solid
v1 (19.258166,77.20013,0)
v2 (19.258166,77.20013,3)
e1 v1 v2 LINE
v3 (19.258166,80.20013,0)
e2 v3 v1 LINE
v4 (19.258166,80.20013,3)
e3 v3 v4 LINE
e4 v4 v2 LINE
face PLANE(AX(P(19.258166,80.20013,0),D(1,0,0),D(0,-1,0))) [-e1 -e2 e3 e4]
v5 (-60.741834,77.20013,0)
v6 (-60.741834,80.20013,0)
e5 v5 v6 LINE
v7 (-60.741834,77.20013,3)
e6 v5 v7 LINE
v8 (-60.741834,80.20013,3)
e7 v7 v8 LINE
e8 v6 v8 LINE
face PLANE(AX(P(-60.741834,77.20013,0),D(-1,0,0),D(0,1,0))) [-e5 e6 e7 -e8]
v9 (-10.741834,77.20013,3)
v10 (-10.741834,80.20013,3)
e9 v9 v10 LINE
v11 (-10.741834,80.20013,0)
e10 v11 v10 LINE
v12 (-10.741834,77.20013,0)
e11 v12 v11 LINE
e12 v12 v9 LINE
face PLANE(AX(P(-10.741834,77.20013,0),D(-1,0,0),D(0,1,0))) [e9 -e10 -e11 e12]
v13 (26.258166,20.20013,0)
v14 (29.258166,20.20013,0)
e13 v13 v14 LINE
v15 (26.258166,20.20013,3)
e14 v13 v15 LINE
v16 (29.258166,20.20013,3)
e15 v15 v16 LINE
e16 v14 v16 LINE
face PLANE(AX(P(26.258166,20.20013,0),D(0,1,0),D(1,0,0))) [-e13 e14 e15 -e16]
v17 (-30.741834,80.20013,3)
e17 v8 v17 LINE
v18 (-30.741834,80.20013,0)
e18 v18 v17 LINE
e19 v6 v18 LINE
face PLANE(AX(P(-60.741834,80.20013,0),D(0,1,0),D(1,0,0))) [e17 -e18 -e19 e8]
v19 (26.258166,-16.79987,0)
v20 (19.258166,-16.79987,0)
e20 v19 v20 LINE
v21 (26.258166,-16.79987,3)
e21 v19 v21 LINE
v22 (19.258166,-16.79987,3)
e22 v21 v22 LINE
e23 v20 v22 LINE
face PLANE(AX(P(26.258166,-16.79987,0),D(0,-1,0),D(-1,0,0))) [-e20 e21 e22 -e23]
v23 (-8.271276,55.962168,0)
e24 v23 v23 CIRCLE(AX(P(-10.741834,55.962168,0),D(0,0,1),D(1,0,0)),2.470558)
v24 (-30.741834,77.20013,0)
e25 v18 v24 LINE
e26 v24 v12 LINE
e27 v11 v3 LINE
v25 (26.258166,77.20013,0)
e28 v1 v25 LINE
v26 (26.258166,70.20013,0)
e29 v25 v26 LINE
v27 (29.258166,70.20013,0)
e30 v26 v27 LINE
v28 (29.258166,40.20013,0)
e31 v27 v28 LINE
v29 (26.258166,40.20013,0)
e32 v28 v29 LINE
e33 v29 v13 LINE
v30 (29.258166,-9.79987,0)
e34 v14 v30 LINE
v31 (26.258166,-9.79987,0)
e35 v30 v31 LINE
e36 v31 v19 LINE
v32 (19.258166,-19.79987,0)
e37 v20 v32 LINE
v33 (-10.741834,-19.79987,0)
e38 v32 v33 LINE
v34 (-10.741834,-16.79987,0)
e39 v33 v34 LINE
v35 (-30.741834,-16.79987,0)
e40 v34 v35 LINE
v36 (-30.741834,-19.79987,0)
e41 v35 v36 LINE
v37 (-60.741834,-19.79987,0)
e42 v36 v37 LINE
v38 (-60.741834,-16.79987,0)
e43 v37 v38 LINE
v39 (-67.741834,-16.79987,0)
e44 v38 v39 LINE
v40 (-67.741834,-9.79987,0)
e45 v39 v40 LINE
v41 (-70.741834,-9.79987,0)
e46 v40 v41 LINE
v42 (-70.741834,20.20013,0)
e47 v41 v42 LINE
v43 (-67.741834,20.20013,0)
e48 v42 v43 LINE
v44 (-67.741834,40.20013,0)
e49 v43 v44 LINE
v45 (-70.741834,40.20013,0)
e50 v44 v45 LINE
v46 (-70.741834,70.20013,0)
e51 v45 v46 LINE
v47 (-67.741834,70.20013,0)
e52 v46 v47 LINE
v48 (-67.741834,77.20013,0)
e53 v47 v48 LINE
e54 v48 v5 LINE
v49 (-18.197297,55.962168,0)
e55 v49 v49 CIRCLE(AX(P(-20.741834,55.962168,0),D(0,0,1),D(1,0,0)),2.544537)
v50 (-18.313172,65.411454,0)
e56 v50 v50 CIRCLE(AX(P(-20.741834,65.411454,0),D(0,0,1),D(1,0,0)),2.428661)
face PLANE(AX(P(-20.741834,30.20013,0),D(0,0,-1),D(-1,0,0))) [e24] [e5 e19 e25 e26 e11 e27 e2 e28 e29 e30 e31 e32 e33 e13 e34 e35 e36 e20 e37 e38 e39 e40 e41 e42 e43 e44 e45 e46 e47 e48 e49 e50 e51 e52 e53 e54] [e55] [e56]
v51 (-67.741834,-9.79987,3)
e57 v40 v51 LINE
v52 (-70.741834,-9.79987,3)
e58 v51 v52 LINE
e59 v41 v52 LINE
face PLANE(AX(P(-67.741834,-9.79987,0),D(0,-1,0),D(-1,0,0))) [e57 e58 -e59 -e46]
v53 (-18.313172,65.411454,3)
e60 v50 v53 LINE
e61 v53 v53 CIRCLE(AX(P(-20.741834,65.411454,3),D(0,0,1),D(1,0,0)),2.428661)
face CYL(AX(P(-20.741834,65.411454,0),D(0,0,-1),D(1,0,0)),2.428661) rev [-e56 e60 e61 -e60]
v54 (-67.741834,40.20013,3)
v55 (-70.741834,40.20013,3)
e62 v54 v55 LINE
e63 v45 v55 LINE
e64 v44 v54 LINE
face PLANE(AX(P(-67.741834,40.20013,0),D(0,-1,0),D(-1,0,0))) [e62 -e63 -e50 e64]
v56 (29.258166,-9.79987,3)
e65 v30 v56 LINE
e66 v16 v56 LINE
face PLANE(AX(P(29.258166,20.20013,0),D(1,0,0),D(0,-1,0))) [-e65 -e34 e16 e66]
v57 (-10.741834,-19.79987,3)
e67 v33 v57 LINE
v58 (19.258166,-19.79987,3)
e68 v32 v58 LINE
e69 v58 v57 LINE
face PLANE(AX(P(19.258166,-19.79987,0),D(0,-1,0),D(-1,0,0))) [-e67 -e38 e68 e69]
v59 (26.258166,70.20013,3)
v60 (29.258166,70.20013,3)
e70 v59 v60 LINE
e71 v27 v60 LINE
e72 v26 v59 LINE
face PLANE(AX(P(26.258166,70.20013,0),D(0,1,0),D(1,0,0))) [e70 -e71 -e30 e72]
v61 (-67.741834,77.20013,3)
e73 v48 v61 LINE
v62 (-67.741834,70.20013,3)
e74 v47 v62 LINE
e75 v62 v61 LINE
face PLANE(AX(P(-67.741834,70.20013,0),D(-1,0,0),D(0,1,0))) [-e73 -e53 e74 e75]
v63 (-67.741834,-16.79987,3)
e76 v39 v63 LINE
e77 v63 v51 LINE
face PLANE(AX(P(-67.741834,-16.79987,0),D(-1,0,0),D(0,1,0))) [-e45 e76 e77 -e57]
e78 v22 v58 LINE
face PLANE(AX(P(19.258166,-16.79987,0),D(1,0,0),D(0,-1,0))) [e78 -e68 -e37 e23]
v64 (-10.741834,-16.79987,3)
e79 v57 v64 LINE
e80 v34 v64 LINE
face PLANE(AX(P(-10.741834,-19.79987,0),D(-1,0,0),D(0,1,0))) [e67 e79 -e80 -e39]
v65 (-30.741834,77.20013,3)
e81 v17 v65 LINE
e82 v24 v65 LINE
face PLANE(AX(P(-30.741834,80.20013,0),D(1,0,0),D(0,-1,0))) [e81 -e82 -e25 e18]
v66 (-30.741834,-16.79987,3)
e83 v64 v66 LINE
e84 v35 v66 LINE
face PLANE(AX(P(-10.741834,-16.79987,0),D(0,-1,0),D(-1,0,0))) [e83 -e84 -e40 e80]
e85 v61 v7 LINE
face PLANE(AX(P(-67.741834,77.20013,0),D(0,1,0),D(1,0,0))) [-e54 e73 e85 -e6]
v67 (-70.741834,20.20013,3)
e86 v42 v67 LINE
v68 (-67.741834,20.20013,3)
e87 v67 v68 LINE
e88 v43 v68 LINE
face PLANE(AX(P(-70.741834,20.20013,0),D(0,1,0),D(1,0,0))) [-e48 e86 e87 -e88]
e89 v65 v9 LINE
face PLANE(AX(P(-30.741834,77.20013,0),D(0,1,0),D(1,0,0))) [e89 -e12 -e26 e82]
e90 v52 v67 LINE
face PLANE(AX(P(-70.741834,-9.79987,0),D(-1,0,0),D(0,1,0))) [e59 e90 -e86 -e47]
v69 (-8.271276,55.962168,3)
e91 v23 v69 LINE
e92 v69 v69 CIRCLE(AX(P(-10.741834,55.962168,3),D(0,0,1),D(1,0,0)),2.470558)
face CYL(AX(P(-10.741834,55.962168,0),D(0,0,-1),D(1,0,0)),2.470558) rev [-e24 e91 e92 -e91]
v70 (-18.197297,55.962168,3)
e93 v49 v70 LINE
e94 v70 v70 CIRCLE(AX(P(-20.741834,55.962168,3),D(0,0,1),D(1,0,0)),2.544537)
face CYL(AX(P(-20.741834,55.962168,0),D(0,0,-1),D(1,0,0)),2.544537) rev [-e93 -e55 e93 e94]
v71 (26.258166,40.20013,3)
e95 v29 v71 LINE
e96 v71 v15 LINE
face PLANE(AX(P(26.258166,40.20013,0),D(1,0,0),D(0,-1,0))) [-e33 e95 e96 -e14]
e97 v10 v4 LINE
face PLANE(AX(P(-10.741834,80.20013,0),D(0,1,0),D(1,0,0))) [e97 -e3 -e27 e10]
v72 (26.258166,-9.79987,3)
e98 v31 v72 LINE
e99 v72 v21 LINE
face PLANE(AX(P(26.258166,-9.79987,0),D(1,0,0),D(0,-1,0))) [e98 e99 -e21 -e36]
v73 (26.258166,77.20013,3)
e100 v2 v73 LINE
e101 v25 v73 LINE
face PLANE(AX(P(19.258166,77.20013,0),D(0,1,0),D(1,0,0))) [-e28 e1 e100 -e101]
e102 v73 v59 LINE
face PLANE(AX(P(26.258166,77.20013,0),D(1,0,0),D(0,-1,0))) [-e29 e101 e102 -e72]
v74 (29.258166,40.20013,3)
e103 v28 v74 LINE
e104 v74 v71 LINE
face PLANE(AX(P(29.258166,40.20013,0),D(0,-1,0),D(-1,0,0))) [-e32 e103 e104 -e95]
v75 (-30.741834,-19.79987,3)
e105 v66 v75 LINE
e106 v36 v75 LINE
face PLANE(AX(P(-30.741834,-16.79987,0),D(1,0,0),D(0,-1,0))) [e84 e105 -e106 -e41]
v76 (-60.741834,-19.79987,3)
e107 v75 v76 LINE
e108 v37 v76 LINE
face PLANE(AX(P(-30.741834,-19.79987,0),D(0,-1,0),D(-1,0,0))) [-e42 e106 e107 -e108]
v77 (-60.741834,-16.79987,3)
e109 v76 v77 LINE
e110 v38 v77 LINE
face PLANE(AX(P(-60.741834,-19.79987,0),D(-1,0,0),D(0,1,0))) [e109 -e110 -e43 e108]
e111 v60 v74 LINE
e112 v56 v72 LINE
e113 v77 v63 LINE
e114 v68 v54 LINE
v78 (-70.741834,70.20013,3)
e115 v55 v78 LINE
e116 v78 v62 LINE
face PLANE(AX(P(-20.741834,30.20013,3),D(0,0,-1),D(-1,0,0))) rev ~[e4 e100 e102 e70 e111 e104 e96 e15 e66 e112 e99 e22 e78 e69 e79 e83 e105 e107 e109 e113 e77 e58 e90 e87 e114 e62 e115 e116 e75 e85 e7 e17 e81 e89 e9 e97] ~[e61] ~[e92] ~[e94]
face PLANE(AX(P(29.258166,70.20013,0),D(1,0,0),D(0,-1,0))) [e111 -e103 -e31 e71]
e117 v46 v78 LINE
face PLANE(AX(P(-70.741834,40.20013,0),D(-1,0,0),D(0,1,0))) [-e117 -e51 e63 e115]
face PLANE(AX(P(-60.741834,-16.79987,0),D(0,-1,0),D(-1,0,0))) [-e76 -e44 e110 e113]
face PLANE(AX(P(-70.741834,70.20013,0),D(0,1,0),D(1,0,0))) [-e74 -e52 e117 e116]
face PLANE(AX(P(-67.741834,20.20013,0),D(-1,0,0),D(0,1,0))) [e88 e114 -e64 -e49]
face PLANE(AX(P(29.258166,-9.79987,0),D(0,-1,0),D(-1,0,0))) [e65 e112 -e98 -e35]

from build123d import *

# Parameters (mm, degrees)
ESQUISSE1_R        = 2.544536974
ESQUISSE1_R_2      = 2.470557968
ESQUISSE1_R_3      = 2.428661445
BOSS_EXTRU_1_DEPTH = 3


with BuildPart() as part:
    # Esquisse1 → Boss.-Extru.1 (new body)
    with BuildSketch(Plane.XY):
        Polygon((19.258166425, 80.200130208), (-10.741833575, 80.200130208), (-10.741833575, 77.200130208), (-30.741833575, 77.200130208), (-30.741833575, 80.200130208), (-60.741833575, 80.200130208), (-60.741833575, 77.200130208), (-67.741833575, 77.200130208), (-67.741833575, 70.200130208), (-70.741833575, 70.200130208), (-70.741833575, 40.200130208), (-67.741833575, 40.200130208), (-67.741833575, 20.200130208), (-70.741833575, 20.200130208), (-70.741833575, -9.799869792), (-67.741833575, -9.799869792), (-67.741833575, -16.799869792), (-60.741833575, -16.799869792), (-60.741833575, -19.799869792), (-30.741833575, -19.799869792), (-30.741833575, -16.799869792), (-10.741833575, -16.799869792), (-10.741833575, -19.799869792), (19.258166425, -19.799869792), (19.258166425, -16.799869792), (26.258166425, -16.799869792), (26.258166425, -9.799869792), (29.258166425, -9.799869792), (29.258166425, 20.200130208), (26.258166425, 20.200130208), (26.258166425, 40.200130208), (29.258166425, 40.200130208), (29.258166425, 70.200130208), (26.258166425, 70.200130208), (26.258166425, 77.200130208), (19.258166425, 77.200130208), align=None)
        with Locations((-20.741833575, 55.962168499)):
            Circle(ESQUISSE1_R, mode=Mode.SUBTRACT)
        with Locations((-10.741833575, 55.962168499)):
            Circle(ESQUISSE1_R_2, mode=Mode.SUBTRACT)
        with Locations((-20.741833575, 65.411454145)):
            Circle(ESQUISSE1_R_3, mode=Mode.SUBTRACT)
    extrude(amount=BOSS_EXTRU_1_DEPTH)


solid = part.part
